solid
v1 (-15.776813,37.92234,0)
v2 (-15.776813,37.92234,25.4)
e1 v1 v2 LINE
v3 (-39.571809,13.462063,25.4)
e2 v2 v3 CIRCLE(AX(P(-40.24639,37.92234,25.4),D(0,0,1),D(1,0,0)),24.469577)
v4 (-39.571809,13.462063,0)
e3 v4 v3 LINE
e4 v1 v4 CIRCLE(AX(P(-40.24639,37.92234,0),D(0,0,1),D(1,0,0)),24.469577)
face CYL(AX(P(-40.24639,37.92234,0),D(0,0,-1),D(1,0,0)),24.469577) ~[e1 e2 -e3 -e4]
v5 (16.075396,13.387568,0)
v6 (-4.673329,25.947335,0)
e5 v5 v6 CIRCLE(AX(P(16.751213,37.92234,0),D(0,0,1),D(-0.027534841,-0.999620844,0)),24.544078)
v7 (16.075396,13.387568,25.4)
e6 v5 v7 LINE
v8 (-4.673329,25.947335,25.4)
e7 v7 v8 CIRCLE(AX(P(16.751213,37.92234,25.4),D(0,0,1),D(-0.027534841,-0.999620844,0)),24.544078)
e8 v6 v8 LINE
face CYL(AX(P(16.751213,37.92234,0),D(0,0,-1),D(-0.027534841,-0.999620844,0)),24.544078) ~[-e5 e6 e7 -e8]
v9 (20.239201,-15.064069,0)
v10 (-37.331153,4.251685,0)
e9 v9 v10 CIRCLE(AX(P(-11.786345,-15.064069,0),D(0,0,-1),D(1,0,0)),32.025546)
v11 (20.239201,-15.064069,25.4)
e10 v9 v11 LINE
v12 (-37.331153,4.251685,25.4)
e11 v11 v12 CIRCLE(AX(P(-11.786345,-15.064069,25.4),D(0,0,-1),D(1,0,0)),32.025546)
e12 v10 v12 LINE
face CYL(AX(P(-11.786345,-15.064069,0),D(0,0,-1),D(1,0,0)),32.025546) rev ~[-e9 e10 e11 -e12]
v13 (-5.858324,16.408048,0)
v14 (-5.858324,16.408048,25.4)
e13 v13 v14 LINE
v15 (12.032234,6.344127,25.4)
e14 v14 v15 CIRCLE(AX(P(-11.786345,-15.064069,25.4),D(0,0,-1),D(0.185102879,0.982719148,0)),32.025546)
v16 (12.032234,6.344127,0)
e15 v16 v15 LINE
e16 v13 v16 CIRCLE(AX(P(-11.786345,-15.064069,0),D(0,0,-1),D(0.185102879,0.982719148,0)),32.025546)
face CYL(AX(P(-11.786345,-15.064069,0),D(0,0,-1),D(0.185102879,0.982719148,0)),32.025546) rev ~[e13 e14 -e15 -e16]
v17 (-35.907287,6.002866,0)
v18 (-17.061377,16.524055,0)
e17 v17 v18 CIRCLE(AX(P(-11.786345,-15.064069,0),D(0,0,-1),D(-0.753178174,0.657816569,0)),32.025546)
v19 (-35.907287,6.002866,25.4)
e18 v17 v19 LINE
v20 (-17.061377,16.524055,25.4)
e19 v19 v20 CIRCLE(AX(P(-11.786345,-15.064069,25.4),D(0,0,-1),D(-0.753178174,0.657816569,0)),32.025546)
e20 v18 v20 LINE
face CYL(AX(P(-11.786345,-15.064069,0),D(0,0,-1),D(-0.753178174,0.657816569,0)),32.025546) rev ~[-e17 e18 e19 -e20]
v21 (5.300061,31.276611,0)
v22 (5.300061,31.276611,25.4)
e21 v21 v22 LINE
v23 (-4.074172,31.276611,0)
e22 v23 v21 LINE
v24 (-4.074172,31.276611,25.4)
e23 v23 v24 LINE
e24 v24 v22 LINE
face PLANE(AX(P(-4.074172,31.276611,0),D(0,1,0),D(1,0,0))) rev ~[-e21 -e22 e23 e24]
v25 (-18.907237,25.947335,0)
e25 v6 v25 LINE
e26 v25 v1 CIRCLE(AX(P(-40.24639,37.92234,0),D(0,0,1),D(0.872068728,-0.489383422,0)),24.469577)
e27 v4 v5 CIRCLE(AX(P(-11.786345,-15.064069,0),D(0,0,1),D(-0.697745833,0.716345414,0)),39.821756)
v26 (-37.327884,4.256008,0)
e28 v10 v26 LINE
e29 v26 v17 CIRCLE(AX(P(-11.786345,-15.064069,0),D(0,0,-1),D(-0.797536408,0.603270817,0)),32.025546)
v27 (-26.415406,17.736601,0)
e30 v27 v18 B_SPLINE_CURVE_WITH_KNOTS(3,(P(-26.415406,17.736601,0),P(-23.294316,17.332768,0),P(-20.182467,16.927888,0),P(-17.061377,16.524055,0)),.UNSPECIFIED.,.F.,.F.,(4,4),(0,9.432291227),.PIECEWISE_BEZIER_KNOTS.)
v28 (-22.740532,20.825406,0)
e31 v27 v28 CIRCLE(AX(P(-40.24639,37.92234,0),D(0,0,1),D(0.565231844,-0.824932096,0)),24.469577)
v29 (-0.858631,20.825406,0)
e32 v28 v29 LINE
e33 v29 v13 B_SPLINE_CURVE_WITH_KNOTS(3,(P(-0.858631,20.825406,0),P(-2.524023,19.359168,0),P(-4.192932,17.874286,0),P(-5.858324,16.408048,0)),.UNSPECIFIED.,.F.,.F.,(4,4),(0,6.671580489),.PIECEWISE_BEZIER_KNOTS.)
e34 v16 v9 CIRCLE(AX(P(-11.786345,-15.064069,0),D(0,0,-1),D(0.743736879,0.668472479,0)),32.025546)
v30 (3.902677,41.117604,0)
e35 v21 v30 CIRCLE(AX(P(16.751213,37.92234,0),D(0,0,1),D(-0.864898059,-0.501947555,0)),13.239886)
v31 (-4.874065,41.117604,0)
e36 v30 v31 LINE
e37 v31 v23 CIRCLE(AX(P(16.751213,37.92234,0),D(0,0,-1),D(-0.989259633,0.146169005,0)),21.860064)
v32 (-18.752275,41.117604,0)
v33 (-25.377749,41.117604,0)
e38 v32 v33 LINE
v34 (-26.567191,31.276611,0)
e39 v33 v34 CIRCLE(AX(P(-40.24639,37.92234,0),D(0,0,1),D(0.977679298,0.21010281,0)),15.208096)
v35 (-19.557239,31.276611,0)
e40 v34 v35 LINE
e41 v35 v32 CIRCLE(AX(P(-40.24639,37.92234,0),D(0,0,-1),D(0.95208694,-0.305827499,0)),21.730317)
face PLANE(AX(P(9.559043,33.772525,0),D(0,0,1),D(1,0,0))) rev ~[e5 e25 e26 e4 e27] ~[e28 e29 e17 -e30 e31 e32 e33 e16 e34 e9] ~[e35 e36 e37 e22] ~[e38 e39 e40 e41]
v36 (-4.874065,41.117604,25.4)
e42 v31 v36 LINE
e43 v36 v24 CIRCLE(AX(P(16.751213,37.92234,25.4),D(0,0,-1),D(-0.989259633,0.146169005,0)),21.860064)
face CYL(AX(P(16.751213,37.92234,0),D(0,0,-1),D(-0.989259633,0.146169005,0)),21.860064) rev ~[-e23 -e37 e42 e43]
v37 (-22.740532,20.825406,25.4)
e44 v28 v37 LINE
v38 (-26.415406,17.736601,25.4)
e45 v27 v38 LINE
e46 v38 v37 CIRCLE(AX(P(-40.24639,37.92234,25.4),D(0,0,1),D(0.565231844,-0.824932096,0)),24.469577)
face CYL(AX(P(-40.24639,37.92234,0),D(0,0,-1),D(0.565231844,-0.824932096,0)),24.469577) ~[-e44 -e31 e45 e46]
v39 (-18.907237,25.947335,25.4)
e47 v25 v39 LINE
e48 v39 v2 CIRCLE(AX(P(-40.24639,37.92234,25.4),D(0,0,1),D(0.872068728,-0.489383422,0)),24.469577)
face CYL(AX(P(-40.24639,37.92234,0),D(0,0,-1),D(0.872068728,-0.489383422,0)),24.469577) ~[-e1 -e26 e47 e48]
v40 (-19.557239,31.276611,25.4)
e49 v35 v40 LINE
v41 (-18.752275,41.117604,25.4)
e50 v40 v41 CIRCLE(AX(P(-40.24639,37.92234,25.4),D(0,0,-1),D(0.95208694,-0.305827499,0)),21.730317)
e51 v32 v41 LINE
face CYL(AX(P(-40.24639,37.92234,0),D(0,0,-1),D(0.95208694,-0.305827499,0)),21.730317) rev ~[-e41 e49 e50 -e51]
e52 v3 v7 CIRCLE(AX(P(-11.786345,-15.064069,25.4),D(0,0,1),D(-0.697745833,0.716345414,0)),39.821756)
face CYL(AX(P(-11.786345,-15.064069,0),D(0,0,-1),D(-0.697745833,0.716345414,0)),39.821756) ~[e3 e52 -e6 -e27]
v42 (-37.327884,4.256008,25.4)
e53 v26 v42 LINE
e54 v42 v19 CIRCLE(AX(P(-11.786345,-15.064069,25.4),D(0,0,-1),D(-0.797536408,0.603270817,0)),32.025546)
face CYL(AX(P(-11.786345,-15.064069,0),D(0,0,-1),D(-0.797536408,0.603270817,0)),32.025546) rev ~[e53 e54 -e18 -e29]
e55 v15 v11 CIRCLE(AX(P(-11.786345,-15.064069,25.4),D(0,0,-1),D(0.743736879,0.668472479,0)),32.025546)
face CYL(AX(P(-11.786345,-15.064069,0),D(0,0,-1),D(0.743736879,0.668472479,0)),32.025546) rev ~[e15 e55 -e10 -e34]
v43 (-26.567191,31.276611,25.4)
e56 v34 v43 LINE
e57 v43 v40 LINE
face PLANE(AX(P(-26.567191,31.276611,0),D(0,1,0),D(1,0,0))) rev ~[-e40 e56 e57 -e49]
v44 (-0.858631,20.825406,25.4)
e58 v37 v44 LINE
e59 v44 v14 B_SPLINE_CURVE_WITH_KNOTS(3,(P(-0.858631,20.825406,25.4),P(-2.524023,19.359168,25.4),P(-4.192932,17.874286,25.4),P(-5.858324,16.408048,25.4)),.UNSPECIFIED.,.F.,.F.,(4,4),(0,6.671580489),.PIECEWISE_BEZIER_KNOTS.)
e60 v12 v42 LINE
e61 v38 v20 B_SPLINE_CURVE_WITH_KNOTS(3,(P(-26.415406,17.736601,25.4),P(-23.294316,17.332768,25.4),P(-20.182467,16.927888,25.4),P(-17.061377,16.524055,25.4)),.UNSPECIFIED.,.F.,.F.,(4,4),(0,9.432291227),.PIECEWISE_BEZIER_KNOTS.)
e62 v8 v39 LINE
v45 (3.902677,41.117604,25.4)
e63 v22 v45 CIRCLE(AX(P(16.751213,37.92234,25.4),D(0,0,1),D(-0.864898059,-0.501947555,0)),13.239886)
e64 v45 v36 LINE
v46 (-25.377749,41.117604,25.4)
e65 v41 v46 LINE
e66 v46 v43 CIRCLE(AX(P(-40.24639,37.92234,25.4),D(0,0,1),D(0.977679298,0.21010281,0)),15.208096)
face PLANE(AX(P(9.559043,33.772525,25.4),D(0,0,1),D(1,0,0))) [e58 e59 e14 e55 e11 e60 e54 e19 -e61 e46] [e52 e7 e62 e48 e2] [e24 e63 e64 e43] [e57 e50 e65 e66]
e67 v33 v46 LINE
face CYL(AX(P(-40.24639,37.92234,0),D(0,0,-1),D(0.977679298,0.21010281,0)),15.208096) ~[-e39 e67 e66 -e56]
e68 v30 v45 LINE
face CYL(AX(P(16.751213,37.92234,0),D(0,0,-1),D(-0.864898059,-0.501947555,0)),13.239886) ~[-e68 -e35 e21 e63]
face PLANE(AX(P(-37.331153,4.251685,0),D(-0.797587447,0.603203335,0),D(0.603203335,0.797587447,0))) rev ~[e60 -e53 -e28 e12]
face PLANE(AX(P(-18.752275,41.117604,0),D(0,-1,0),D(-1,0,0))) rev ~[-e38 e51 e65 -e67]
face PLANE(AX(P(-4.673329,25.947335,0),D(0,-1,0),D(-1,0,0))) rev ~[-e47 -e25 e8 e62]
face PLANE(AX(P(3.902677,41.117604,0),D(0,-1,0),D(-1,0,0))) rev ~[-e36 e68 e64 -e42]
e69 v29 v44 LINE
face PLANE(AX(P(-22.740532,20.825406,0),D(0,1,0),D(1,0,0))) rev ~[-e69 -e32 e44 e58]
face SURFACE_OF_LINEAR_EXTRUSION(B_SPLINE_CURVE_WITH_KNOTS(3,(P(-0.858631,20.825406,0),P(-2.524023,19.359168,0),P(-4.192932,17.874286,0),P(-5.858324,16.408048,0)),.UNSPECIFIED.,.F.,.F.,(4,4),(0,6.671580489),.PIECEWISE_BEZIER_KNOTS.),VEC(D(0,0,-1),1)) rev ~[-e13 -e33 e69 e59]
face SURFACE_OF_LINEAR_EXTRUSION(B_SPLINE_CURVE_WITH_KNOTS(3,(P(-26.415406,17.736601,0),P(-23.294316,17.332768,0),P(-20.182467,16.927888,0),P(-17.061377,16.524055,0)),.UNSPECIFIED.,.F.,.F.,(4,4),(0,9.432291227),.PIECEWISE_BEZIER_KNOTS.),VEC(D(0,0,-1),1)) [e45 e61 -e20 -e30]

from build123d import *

# Parameters (mm, degrees)
F1_DEPTH = 25.4


with BuildPart() as f1:
    # F0 (on Top) → F1 (new body)
    with BuildSketch(Plane.XY):
        with BuildLine():
            Line((-22.7405323331, 20.825406216), (-0.8586310688, 20.825406216))
            ThreePointArc((-0.8586310688, 20.825406216), (6.880969277, 15.4503564659), (16.0753957368, 13.3875682063))
            ThreePointArc((16.0753957368, 13.3875682063), (29.4611855482, 58.919204895), (-4.6733289298, 25.9473346148))
            Line((-4.6733289298, 25.9473346148), (-18.9072371836, 25.9473346148))
            ThreePointArc((-18.9072371836, 25.9473346148), (-20.6557736861, 23.2605546469), (-22.7405323331, 20.825406216))
        make_face()
        with BuildLine():
            Line((-4.074172196, 31.276611248), (5.3000610526, 31.276611248))
            ThreePointArc((5.3000610526, 31.276611248), (29.8596069303, 39.7836827175), (3.9026769502, 41.1176035228))
            Line((3.9026769502, 41.1176035228), (-4.8740654088, 41.1176035228))
            ThreePointArc((-4.8740654088, 41.1176035228), (38.5394206446, 39.6933237531), (-4.074172196, 31.276611248))
        make_face(mode=Mode.SUBTRACT)
        with BuildLine():
            ThreePointArc((16.0753957368, 13.3875682063), (6.880969277, 15.4503564659), (-0.8586310688, 20.825406216))
            add(Edge.make_bspline(
                [(-0.8586310688, 20.825406216), (-2.5240231668, 19.3591679921), (-4.1929321502, 17.8742861418), (-5.8583242482, 16.4080479179)],
                knots=[0, 0, 0, 0, 6.6715804891, 6.6715804891, 6.6715804891, 6.6715804891], degree=3))
            ThreePointArc((-5.8583242482, 16.4080479179), (3.9151097731, 12.8482919208), (12.0322344025, 6.3441268647))
            ThreePointArc((12.0322344025, 6.3441268647), (18.1171546169, -3.6003747315), (20.2392006789, -15.0640690106))
            ThreePointArc((20.2392006789, -15.0640690106), (-21.9733260445, -45.4262327994), (-37.3311527073, 4.2516854592))
            Line((-37.3311527073, 4.2516854592), (-37.3278835894, 4.2560080603))
            ThreePointArc((-37.3278835894, 4.2560080603), (-36.6329417658, 5.1419251681), (-35.9072869397, 6.0028655455))
            Line((-35.9072869397, 6.0028655455), (-35.6296809614, 13.7535365688))
            Line((-35.6296809614, 13.7535365688), (-35.6296809614, 13.8922298692))
            ThreePointArc((-35.6296809614, 13.8922298692), (-36.4637697206, 13.7468983535), (-37.3023869671, 13.6305092571))
            ThreePointArc((-37.3023869671, 13.6305092571), (-38.4351388964, 13.5198900463), (-39.5718093034, 13.4620633301))
            ThreePointArc((-39.5718093034, 13.4620633301), (-11.8396544486, -54.8857893795), (16.0753957368, 13.3875682063))
        make_face()
        with BuildLine():
            ThreePointArc((-26.4154058509, 17.7366006093), (-24.5020388289, 19.1906661922), (-22.7405323331, 20.825406216))
            ThreePointArc((-22.7405323331, 20.825406216), (-20.6557736861, 23.2605546469), (-18.9072371836, 25.9473346148))
            ThreePointArc((-18.9072371836, 25.9473346148), (-16.5723511184, 31.7336342787), (-15.7768131077, 37.9223397985))
            ThreePointArc((-15.7768131077, 37.9223397985), (-57.7858721681, 54.9847763835), (-39.5718093034, 13.4620633301))
            ThreePointArc((-39.5718093034, 13.4620633301), (-38.4351388964, 13.5198900463), (-37.3023869671, 13.6305092571))
            ThreePointArc((-37.3023869671, 13.6305092571), (-36.4637697206, 13.7468983535), (-35.6296809614, 13.8922298692))
            ThreePointArc((-35.6296809614, 13.8922298692), (-30.824386887, 15.3394691933), (-26.4154058509, 17.7366006093))
        make_face()
        with BuildLine():
            Line((-18.7522749117, 41.1176035228), (-25.3777490801, 41.1176035228))
            ThreePointArc((-25.3777490801, 41.1176035228), (-55.3446038512, 39.7472014134), (-26.5671910234, 31.276611248))
            Line((-26.5671910234, 31.276611248), (-19.5572386057, 31.276611248))
            ThreePointArc((-19.5572386057, 31.276611248), (-61.9043737101, 39.6938980156), (-18.7522749117, 41.1176035228))
        make_face(mode=Mode.SUBTRACT)
        with BuildLine():
            add(Edge.make_bspline(
                [(-26.4154058509, 17.7366006093), (-23.2943159144, 17.3327680401), (-20.182467132, 16.9278880432), (-17.0613771955, 16.524055474)],
                knots=[0, 0, 0, 0, 9.432291227, 9.432291227, 9.432291227, 9.432291227], degree=3))
            ThreePointArc((-26.4154058509, 17.7366006093), (-30.824386887, 15.3394691933), (-35.6296809614, 13.8922298692))
            Line((-35.6296809614, 13.8922298692), (-35.6296809614, 13.7535365688))
            Line((-35.6296809614, 13.7535365688), (-35.9072869397, 6.0028655455))
            ThreePointArc((-35.9072869397, 6.0028655455), (-27.3973886277, 12.8989581712), (-17.0613771955, 16.524055474))
        make_face()
    extrude(amount=F1_DEPTH)


solid = f1.part
